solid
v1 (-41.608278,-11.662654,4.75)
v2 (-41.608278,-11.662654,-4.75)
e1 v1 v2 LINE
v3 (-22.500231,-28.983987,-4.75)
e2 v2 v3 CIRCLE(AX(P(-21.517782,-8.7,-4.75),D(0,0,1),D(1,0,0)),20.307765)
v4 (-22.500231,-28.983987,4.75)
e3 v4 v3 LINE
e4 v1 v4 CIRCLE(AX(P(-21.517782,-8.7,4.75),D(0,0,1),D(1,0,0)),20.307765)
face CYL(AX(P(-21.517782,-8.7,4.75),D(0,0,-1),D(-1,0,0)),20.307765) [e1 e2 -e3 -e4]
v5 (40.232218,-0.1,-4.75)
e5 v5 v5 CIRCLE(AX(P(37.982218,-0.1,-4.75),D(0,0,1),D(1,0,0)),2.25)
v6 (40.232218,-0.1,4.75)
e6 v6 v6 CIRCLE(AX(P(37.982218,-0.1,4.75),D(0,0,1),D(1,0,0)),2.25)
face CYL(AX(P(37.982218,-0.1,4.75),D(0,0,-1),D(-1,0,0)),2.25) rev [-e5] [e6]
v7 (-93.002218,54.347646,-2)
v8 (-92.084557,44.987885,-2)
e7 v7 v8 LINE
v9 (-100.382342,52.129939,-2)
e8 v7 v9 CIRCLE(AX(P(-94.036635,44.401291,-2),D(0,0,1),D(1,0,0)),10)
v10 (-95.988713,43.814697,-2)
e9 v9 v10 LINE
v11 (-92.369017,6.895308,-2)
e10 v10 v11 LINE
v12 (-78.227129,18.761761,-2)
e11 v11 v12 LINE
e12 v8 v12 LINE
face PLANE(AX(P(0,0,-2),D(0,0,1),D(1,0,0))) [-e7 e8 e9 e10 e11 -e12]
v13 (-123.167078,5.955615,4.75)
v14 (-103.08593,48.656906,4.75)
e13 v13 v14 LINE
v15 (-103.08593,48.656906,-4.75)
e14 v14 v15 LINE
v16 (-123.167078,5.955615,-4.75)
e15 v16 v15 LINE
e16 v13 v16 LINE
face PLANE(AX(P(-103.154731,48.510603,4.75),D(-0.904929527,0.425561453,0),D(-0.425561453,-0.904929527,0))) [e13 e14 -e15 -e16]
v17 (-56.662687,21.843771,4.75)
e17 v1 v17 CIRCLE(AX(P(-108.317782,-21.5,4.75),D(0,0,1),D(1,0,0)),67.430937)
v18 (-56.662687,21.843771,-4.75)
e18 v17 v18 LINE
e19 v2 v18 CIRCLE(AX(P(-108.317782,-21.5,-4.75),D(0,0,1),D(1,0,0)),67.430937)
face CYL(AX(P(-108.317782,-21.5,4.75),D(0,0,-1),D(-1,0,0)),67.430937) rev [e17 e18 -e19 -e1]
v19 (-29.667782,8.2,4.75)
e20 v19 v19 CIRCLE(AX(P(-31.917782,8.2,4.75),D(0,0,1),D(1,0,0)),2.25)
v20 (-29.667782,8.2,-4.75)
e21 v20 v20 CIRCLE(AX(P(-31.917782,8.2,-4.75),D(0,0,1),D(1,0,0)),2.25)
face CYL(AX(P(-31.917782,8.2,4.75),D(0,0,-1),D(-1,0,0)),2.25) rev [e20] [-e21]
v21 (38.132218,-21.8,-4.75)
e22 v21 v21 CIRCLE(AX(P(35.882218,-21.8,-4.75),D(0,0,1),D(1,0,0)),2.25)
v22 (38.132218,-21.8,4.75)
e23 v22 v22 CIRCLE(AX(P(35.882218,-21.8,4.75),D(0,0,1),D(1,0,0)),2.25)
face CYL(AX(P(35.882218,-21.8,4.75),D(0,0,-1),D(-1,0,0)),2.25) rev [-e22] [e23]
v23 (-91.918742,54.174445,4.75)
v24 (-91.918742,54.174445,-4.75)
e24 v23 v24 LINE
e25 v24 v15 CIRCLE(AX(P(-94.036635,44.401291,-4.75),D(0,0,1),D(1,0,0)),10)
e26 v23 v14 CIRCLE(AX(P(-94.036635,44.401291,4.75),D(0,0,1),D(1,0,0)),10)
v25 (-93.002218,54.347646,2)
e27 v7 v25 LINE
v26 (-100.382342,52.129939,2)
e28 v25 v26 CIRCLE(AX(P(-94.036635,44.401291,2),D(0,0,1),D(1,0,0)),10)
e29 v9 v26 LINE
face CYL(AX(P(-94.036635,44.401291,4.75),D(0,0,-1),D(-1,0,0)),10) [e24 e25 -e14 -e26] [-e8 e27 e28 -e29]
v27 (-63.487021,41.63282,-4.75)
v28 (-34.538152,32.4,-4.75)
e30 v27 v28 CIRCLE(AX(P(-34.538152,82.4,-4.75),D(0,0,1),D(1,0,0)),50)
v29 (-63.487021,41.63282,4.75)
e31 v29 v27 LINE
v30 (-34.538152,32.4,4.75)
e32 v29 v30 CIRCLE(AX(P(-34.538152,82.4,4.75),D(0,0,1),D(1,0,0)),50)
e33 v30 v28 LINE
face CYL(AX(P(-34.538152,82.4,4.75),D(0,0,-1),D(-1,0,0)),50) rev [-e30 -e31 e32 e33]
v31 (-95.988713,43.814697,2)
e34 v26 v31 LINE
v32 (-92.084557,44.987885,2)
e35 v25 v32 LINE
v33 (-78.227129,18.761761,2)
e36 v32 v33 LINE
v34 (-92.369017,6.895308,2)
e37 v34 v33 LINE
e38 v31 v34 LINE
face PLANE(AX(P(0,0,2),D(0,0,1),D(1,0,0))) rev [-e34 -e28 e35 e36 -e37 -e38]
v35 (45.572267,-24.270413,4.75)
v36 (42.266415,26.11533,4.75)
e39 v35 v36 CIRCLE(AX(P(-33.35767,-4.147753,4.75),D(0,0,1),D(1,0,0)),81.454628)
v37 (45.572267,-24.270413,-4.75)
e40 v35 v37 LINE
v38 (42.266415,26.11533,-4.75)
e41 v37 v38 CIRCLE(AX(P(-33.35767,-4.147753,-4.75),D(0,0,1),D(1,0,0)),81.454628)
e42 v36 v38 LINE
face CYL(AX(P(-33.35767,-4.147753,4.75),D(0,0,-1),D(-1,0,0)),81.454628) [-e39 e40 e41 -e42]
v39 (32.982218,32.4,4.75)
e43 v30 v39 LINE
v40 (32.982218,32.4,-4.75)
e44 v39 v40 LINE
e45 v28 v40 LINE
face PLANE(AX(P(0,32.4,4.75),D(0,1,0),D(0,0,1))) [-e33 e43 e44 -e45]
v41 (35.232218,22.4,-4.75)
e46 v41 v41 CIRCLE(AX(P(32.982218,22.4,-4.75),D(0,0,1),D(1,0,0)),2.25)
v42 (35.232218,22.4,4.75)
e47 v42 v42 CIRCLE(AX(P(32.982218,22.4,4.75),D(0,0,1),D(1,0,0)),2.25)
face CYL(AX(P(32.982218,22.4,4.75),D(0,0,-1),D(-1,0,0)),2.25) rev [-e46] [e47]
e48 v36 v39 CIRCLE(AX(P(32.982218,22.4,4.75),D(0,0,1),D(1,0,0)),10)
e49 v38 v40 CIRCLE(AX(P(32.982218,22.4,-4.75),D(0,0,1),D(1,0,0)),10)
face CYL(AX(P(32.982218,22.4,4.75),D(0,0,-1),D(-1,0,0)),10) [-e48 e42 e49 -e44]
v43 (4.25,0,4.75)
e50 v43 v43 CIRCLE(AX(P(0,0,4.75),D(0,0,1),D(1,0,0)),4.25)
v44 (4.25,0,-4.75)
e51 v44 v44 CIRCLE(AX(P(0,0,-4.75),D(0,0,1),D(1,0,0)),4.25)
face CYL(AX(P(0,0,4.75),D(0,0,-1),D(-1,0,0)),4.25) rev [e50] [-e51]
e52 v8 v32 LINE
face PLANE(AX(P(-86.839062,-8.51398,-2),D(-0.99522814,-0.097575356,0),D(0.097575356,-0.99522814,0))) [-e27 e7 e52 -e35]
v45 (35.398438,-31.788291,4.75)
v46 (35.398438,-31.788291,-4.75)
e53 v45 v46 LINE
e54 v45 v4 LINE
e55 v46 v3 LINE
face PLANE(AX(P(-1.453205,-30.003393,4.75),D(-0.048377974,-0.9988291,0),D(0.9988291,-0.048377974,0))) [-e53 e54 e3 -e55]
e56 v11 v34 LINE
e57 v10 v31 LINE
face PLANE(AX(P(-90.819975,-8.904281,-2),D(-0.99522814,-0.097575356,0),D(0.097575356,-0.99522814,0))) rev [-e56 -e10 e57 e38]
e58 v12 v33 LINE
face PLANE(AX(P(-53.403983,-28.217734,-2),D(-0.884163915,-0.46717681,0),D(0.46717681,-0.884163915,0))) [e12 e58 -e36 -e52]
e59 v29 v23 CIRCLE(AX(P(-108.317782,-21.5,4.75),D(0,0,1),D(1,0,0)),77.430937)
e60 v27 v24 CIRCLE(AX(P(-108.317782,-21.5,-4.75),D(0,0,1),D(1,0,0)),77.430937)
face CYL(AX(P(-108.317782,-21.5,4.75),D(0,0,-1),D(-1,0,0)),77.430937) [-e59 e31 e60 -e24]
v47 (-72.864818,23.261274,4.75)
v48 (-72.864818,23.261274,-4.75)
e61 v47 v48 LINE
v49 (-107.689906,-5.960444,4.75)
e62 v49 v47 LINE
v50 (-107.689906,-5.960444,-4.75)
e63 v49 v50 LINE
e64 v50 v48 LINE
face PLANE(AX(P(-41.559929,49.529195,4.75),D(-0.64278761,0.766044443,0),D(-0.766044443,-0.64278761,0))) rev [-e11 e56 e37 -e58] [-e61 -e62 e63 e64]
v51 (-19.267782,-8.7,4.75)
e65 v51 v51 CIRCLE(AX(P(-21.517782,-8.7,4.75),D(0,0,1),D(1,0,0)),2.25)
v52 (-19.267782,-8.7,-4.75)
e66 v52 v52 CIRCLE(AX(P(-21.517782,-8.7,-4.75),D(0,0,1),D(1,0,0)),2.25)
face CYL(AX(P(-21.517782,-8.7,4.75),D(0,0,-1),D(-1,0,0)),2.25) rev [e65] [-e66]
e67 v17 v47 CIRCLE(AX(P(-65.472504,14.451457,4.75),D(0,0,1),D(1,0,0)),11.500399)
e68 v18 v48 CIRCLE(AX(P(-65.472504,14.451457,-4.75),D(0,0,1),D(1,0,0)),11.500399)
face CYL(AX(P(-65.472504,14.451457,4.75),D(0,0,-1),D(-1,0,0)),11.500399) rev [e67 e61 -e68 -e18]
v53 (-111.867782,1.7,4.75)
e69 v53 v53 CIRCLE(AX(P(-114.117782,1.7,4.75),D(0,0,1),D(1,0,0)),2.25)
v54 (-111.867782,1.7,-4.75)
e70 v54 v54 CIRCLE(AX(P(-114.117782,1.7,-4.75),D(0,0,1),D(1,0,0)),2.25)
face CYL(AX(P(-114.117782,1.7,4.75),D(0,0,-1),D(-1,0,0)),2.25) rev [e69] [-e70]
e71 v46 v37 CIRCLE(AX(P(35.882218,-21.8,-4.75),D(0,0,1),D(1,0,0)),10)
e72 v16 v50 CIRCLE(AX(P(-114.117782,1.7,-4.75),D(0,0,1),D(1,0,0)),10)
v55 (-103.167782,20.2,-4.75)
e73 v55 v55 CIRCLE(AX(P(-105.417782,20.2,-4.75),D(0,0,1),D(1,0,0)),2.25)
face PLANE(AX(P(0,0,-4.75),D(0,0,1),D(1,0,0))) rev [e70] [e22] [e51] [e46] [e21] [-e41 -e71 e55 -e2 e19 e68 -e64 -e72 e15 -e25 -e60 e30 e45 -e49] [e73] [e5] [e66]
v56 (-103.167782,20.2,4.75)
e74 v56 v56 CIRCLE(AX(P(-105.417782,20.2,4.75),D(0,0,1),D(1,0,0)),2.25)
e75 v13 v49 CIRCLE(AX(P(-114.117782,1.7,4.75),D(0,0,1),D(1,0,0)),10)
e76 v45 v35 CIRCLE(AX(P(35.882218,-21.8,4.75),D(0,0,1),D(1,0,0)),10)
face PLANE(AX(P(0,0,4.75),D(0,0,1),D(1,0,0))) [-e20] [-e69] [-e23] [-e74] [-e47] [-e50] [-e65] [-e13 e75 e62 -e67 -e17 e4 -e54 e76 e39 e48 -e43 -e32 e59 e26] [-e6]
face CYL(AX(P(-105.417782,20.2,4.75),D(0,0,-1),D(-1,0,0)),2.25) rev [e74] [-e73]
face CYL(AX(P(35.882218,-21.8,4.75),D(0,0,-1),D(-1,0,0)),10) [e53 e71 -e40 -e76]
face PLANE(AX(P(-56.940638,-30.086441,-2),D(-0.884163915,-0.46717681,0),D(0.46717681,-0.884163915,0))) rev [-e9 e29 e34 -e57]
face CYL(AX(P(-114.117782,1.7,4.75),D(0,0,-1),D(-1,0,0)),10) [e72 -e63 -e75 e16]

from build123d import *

# Parameters (mm, degrees)
SKETCH1_R           = 4.25
SKETCH1_R_2         = 2.25
BOSS_EXTRUDE1_DEPTH = 4.75
CUT_EXTRUDE1_DEPTH  = 2


with BuildPart() as part:
    # Sketch1 → Boss-Extrude1 (new, symmetric)
    with BuildSketch(Plane.XY):
        with BuildLine():
            Line((-22.500230832, -28.983987123), (35.398437983, -31.788291003))
            ThreePointArc((35.398437983, -31.788291003), (41.825152283, -29.842482755), (45.572267137, -24.270413418))
            ThreePointArc((45.572267137, -24.270413418), (47.922199842, 1.185089324), (42.266415188, 26.115330067))
            ThreePointArc((42.266415188, 26.115330067), (38.587871094, 30.681102), (32.982217728, 32.4))
            Line((32.982217728, 32.4), (-34.53815208, 32.4))
            ThreePointArc((-34.53815208, 32.4), (-49.730929753, 34.764094355), (-63.487021029, 41.632819737))
            ThreePointArc((-63.487021029, 41.632819737), (-77.067258547, 49.344582351), (-91.918742124, 54.174444589))
            ThreePointArc((-91.918742124, 54.174444589), (-98.466295495, 53.366674665), (-103.085929893, 48.656905518))
            Line((-103.085929893, 48.656905518), (-123.167077545, 5.955614534))
            ThreePointArc((-123.167077545, 5.955614534), (-120.218280198, -6.2236308), (-107.689906175, -5.960444431))
            Line((-107.689906175, -5.960444431), (-72.864818345, 23.261273923))
            ThreePointArc((-72.864818345, 23.261273923), (-64.470178387, 25.908093735), (-56.662687309, 21.843771132))
            ThreePointArc((-56.662687309, 21.843771132), (-46.809939593, 6.135423294), (-41.608278072, -11.662653759))
            ThreePointArc((-41.608278072, -11.662653759), (-35.156858245, -23.745961099), (-22.500230832, -28.983987123))
        make_face()
        Circle(SKETCH1_R, mode=Mode.SUBTRACT)
        with Locations((35.882217728, -21.8)):
            Circle(SKETCH1_R_2, mode=Mode.SUBTRACT)
        with Locations((-21.517782272, -8.7)):
            Circle(SKETCH1_R_2, mode=Mode.SUBTRACT)
        with Locations((37.982217728, -0.1)):
            Circle(SKETCH1_R_2, mode=Mode.SUBTRACT)
        with Locations((32.982217728, 22.4)):
            Circle(SKETCH1_R_2, mode=Mode.SUBTRACT)
        with Locations((-31.917782272, 8.2)):
            Circle(SKETCH1_R_2, mode=Mode.SUBTRACT)
        with Locations((-105.417782272, 20.2)):
            Circle(SKETCH1_R_2, mode=Mode.SUBTRACT)
        with Locations((-114.117782272, 1.7)):
            Circle(SKETCH1_R_2, mode=Mode.SUBTRACT)
    extrude(amount=BOSS_EXTRUDE1_DEPTH, both=True)

    # Sketch2 → Cut-Extrude1 (cut, symmetric)
    with BuildSketch(Plane.XY):
        with BuildLine():
            Line((-78.227129447, 18.761760655), (-92.084556702, 44.987885053))
            Line((-92.084556702, 44.987885053), (-93.002217677, 54.347646176))
            ThreePointArc((-93.002217677, 54.347646176), (-96.914482214, 53.978242129), (-100.382341665, 52.129939126))
            Line((-100.382341665, 52.129939126), (-95.988712538, 43.814696915))
            Line((-95.988712538, 43.814696915), (-92.369017313, 6.895307763))
            Line((-92.369017313, 6.895307763), (-78.227129447, 18.761760655))
        make_face()
    extrude(amount=CUT_EXTRUDE1_DEPTH, both=True, mode=Mode.SUBTRACT)


solid = part.part
